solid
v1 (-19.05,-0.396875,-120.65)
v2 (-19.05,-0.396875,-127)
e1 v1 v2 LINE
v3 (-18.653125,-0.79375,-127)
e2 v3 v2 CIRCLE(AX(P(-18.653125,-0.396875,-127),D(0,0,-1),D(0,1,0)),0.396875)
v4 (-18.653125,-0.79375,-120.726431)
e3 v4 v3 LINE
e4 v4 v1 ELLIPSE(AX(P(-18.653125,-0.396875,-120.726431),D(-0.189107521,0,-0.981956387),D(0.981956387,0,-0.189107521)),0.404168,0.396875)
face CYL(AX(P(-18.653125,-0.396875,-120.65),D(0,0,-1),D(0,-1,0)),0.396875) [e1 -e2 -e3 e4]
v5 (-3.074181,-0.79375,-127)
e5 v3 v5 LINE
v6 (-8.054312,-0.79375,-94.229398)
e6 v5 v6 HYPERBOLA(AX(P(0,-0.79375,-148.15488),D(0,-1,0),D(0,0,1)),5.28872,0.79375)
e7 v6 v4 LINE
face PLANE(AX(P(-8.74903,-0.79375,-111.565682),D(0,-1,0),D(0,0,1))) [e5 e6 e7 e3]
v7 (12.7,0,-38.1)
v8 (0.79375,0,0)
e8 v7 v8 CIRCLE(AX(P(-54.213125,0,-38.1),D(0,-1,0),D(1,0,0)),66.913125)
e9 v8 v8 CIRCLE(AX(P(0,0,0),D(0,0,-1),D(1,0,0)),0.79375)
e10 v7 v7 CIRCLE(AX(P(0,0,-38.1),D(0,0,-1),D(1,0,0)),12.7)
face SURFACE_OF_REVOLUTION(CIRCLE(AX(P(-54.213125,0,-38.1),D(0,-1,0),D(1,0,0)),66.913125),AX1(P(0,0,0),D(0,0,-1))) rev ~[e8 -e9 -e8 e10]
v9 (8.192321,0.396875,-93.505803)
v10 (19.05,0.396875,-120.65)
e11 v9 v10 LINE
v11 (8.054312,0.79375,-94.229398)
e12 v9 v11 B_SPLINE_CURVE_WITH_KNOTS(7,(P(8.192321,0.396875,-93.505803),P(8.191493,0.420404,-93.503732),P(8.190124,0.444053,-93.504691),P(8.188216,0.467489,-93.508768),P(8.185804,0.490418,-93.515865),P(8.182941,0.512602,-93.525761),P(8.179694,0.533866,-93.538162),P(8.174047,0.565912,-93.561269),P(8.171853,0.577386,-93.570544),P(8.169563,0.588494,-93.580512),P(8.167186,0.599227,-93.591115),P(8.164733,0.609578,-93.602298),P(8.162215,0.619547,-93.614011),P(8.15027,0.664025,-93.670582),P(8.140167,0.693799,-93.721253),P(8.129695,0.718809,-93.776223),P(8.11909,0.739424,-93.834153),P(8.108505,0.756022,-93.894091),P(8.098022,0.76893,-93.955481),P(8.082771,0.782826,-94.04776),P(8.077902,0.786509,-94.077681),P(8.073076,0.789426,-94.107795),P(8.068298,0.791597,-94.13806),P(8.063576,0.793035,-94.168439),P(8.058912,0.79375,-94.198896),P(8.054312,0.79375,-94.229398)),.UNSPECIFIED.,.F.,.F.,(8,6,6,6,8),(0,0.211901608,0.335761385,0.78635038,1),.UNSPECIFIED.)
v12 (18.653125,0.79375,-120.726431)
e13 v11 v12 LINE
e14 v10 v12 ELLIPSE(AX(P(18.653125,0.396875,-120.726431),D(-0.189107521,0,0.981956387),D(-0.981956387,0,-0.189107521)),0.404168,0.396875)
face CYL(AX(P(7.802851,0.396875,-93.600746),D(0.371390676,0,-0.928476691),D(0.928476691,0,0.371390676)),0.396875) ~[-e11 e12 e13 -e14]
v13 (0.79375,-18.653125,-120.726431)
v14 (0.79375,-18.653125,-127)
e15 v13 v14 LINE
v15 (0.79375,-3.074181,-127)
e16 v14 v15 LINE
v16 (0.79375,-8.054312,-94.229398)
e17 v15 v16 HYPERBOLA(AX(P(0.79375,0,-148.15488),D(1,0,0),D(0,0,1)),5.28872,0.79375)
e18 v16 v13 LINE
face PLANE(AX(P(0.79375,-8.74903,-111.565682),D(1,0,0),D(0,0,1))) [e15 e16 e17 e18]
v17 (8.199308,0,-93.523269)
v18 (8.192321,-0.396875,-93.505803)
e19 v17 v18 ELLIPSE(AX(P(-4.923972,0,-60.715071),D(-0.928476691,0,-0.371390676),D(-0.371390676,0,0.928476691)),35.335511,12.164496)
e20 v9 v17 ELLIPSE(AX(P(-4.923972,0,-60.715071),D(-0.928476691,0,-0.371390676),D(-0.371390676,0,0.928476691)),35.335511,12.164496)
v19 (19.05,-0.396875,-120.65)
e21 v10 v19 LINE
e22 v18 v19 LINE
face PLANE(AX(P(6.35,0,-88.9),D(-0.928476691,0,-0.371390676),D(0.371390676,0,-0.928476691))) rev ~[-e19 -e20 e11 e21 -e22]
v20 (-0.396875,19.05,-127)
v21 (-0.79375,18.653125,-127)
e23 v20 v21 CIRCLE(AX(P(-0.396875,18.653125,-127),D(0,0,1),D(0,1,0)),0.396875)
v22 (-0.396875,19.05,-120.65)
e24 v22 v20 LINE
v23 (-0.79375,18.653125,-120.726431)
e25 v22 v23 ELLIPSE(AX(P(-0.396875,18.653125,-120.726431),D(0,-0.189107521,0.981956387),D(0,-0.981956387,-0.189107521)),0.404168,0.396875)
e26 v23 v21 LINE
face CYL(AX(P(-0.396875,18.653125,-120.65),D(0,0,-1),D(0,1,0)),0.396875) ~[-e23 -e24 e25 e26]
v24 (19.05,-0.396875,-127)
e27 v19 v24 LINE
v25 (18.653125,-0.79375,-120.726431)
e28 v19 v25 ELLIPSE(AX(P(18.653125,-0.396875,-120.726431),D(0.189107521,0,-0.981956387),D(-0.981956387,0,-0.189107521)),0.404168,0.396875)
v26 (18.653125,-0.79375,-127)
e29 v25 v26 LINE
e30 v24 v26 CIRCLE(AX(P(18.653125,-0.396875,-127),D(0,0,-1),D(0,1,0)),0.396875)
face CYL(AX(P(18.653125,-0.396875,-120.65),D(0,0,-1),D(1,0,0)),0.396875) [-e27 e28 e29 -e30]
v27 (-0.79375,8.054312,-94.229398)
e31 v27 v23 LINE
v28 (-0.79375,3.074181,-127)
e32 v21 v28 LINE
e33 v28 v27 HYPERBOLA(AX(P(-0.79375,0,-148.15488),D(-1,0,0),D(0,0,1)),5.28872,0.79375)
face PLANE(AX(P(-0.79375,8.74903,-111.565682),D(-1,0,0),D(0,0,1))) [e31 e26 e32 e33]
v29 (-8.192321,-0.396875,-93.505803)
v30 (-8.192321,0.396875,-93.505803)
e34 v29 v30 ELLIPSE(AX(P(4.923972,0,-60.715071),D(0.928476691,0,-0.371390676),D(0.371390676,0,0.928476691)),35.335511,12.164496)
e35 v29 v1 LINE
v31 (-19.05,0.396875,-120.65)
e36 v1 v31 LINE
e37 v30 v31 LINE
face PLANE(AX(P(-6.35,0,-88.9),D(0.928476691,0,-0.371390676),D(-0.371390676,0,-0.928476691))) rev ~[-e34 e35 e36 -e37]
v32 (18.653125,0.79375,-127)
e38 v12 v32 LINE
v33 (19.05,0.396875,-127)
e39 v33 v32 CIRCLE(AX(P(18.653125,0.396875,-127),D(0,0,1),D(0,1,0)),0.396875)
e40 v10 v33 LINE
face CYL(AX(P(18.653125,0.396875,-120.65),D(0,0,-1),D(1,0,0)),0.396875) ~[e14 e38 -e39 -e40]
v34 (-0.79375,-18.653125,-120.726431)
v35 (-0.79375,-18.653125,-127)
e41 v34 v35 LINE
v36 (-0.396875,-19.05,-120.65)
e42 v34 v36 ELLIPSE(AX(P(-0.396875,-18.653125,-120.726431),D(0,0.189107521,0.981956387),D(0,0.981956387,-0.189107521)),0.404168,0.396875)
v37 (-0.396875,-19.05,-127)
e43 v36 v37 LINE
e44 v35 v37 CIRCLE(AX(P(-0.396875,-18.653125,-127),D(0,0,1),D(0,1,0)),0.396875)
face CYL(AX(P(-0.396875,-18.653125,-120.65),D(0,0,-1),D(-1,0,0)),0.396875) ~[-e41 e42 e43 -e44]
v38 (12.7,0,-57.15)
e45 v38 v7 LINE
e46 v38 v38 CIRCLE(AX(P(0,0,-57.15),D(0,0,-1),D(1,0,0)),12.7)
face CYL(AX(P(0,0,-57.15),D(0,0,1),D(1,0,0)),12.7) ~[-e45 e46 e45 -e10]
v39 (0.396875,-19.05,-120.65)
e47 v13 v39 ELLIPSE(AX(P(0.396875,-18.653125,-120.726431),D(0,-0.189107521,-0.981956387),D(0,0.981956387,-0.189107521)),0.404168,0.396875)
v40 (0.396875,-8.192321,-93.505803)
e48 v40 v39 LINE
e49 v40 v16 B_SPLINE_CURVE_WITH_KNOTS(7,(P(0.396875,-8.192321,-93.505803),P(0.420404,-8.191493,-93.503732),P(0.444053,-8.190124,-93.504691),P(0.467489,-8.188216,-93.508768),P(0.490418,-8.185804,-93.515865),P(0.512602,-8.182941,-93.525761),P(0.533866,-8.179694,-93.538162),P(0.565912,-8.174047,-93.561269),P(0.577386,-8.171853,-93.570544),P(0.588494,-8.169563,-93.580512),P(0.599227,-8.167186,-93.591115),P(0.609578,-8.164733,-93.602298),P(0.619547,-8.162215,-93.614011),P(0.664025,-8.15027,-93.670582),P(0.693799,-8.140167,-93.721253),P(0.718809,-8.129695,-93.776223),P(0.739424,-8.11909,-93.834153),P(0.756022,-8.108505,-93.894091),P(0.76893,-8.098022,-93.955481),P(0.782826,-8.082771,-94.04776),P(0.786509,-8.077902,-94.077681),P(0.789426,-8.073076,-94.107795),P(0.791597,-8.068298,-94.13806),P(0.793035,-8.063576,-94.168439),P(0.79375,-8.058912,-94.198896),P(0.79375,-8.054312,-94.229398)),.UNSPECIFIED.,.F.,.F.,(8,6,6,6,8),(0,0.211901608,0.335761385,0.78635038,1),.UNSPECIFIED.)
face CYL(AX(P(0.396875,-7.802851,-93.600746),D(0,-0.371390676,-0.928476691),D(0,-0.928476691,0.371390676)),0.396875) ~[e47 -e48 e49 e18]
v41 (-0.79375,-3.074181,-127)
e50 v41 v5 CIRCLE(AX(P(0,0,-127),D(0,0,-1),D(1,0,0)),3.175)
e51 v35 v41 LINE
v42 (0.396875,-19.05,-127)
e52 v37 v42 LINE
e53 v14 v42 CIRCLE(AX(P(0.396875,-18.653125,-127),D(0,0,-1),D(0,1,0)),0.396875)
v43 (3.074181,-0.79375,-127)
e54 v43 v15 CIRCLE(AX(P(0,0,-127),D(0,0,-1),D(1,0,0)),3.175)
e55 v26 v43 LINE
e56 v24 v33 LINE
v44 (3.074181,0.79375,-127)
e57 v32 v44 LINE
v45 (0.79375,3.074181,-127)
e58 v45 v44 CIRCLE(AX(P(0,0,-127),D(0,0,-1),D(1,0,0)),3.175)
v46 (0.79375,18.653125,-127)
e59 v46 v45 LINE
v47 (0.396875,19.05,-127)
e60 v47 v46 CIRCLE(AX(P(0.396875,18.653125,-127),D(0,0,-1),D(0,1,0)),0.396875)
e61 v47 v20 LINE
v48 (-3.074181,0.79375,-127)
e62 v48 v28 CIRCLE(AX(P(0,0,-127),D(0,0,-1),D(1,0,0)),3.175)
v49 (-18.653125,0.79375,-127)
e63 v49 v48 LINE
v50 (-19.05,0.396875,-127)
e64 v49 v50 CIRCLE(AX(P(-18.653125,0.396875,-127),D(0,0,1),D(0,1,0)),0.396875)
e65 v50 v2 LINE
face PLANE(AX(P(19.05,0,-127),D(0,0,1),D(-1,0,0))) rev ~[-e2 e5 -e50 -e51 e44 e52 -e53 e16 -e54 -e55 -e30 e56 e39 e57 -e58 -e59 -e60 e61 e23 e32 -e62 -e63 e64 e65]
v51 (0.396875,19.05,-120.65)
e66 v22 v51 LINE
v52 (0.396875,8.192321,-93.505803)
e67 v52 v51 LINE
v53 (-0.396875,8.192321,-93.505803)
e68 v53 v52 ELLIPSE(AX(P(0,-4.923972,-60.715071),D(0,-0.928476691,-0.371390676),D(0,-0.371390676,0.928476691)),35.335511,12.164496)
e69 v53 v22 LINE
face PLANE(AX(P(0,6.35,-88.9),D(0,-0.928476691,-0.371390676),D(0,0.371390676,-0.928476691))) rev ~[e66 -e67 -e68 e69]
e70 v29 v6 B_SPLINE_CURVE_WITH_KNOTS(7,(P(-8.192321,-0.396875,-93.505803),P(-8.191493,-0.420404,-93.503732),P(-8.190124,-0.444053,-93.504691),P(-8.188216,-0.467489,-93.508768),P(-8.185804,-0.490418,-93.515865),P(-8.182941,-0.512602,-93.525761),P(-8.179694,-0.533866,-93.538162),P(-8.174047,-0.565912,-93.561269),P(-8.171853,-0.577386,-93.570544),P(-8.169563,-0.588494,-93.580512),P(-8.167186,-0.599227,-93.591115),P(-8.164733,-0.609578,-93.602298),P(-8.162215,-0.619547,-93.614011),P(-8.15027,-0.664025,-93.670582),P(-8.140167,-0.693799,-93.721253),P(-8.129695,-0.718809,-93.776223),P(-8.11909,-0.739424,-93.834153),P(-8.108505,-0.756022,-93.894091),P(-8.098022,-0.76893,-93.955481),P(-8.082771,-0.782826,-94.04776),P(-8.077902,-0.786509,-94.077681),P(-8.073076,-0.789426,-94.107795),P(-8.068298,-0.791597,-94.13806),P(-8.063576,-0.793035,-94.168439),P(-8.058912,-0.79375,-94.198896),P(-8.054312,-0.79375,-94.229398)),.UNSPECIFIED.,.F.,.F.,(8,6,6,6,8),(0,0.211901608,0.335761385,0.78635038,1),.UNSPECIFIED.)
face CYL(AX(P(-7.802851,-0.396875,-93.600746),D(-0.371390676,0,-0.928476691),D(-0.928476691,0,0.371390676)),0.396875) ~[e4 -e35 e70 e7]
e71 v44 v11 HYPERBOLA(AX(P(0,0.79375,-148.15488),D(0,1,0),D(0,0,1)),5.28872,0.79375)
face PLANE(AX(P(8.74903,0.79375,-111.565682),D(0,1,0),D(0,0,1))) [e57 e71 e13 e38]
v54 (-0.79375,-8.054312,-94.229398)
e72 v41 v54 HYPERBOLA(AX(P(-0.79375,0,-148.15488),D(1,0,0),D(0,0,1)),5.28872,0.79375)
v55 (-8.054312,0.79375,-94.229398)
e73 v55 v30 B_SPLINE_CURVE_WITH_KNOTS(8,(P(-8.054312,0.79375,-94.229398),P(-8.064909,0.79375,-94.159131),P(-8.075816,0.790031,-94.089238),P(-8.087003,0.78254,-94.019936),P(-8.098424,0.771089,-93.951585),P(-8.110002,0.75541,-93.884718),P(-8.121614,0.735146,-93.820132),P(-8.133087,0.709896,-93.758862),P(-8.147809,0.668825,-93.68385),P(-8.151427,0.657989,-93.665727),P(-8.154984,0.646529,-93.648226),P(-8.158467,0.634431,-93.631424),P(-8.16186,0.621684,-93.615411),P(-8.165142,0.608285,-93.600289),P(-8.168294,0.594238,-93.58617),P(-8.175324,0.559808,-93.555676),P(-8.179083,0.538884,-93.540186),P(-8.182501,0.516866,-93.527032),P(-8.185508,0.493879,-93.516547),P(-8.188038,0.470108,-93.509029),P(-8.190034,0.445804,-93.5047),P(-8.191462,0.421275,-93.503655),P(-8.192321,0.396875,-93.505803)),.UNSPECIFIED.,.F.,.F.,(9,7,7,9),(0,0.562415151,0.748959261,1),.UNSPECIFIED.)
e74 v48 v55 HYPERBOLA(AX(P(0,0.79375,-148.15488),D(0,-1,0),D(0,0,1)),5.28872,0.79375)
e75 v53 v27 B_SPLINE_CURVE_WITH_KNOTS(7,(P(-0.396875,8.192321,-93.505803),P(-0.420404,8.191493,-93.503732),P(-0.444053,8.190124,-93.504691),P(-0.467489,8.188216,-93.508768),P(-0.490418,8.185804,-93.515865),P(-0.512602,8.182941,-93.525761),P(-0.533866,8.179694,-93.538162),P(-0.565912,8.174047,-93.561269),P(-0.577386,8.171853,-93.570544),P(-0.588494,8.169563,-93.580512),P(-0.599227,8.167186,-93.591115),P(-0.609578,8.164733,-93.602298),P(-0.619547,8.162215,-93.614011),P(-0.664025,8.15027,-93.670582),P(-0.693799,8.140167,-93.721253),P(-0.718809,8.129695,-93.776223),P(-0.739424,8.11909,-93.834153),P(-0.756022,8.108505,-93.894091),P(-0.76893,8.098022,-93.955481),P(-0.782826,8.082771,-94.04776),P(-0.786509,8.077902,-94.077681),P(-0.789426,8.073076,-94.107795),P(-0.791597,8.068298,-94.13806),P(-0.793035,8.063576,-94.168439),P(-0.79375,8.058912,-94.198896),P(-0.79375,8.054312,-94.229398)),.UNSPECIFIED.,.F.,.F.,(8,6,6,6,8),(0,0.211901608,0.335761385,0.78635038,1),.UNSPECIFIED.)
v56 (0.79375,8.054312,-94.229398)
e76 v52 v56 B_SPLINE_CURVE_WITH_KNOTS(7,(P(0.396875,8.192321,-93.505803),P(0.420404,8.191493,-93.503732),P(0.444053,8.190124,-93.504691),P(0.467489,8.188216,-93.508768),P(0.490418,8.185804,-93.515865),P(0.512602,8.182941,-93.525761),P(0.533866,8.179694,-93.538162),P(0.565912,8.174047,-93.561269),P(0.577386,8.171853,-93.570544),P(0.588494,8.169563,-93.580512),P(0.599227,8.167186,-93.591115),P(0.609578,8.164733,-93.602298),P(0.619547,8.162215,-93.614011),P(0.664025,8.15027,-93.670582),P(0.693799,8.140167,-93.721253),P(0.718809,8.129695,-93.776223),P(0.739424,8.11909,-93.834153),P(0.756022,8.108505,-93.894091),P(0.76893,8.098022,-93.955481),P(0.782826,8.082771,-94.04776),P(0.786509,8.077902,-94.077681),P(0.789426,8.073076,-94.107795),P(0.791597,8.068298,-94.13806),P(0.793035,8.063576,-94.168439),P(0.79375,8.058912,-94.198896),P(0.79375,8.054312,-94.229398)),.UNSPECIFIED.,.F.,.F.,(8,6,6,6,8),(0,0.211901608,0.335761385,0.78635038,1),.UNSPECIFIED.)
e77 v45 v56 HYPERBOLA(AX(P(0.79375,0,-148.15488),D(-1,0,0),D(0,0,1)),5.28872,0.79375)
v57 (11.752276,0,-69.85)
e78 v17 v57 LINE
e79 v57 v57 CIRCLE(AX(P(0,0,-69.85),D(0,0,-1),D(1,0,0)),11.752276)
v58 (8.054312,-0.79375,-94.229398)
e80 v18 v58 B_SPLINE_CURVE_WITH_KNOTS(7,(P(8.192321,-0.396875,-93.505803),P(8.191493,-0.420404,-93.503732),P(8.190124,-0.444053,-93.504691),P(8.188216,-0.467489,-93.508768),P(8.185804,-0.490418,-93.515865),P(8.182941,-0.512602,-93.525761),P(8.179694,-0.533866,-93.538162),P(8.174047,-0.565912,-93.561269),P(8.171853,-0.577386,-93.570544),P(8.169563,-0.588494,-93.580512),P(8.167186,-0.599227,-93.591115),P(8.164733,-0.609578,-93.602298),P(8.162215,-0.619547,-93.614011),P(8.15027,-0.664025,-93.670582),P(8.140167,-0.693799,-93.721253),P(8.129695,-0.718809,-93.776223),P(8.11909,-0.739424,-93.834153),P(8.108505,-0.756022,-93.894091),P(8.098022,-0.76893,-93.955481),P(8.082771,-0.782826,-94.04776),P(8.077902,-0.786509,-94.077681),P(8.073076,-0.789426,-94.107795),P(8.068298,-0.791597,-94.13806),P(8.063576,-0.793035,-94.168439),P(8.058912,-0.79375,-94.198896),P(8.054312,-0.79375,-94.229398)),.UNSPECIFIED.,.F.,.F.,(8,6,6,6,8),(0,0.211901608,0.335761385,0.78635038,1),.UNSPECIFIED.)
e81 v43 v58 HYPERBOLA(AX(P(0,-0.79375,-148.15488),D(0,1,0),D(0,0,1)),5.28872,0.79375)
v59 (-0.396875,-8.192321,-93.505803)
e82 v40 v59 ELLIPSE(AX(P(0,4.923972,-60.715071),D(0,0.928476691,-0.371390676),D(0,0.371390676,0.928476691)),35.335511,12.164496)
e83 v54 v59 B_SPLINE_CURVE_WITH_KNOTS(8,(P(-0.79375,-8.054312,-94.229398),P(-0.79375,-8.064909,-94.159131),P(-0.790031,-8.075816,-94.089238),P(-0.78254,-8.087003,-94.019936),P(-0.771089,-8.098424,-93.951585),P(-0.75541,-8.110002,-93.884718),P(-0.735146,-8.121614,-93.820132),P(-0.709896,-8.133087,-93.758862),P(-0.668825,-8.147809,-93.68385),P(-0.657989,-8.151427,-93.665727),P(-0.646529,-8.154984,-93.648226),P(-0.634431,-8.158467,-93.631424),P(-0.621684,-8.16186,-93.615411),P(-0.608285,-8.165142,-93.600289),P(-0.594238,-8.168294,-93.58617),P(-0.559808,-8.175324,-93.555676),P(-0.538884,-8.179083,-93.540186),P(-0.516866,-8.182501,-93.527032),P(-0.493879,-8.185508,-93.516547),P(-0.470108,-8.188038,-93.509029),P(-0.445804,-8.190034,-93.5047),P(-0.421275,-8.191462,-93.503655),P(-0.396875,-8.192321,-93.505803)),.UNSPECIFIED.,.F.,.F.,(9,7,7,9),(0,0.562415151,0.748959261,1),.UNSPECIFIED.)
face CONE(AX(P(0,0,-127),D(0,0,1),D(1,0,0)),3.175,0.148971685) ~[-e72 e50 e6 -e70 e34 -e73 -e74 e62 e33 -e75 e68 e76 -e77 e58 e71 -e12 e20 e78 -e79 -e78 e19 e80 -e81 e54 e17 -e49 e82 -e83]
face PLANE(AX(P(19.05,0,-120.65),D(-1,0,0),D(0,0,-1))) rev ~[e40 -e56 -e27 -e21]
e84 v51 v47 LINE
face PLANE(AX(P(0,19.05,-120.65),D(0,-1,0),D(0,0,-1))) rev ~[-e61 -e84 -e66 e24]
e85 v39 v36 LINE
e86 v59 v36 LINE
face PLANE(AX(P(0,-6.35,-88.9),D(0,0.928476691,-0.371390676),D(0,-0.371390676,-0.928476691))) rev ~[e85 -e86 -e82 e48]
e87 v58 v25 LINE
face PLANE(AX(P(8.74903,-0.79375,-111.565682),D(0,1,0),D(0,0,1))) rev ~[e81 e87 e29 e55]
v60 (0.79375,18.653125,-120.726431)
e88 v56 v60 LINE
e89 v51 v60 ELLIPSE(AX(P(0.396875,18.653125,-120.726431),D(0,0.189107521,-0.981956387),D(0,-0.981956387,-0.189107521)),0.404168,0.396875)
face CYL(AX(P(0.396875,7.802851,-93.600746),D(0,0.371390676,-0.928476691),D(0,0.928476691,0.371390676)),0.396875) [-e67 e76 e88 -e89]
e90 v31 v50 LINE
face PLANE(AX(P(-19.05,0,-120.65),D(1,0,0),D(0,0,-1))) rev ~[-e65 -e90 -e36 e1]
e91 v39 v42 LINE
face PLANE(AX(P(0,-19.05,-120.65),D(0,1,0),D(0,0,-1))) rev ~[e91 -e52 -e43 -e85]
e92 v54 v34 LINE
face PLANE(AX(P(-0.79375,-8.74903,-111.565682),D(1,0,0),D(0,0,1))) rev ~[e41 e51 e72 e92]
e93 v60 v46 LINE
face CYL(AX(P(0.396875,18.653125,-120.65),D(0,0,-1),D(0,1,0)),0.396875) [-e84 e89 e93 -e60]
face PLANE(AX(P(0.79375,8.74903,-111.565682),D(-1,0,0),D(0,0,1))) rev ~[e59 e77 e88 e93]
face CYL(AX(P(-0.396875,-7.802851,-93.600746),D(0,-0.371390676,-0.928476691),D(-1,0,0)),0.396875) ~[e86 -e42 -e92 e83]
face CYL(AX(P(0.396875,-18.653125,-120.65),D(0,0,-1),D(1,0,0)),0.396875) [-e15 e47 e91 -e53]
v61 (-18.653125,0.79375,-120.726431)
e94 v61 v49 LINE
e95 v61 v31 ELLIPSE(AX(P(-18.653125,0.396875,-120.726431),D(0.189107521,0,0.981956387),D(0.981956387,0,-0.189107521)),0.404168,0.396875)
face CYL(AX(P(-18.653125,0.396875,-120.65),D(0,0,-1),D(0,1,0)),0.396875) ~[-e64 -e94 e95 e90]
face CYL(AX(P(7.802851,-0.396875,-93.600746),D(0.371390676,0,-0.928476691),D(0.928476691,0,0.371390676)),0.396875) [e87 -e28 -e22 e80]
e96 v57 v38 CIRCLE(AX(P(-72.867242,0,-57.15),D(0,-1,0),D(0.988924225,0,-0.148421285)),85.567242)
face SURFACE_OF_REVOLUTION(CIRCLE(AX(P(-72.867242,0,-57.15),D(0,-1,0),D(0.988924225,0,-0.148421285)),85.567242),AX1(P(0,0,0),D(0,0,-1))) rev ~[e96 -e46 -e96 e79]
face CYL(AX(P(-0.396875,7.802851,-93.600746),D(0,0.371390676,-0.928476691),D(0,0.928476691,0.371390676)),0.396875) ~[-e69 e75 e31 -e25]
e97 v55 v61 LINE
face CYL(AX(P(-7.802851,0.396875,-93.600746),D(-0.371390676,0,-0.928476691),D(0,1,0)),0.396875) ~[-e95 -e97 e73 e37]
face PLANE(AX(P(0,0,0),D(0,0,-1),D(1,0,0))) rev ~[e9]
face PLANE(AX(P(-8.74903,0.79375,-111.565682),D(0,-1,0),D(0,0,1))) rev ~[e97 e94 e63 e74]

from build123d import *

# Parameters (mm, degrees)
BOSS_EXTRUDE2_DEPTH      = 0.79375
FILLET2_R                = 0.396875
CIRPATTERN5_COUNT        = 4
FILLET2_OF_CIRPATTERN5_R = 0.396875


with BuildPart() as part:
    # Sketch3 → Revolve2 (revolve)
    with BuildSketch(Plane(origin=(0, 0, 0), x_dir=(0, 0, -1), z_dir=(1, 0, 0)), mode=Mode.PRIVATE) as revolve2_sk:
        with BuildLine():
            Line((0, 0.79375), (0, 0))
            Line((0, 0), (127, 0))
            Line((127, 0), (127, 3.175))
            Line((127, 3.175), (69.85, 11.752276451))
            ThreePointArc((69.85, 11.752276451), (63.517656161, 12.462740177), (57.15, 12.7))
            Line((57.15, 12.7), (38.1, 12.7))
            ThreePointArc((38.1, 12.7), (18.1414881, 9.65411308), (0, 0.79375))
        make_face()
    revolve(revolve2_sk.sketch.rotate(Axis((0, 0, 0), (0, 0, -1)), 90), axis=Axis((0, 0, 0), (0, 0, -1)))

    # Sketch5 → Boss-Extrude2 (add, symmetric)
    with BuildSketch(Plane(origin=(0, 0, 0), x_dir=(0, 0, -1), z_dir=(1, 0, 0))):
        Polygon((120.65, 19.05), (127, 19.05), (127, 0), (88.9, 6.35), align=None)
    boss_extrude2 = extrude(amount=BOSS_EXTRUDE2_DEPTH, both=True)

    # Fillet2
    fillet2_edges = [part.edges().sort_by_distance(p)[0] for p in [
        (-0.79375, 19.05, -123.825),
        (0.79375, 19.05, -123.825),
        (-0.79375, 13.61067, -107.051675),
        (0.79375, 13.61067, -107.051675),
    ]]
    fillet(fillet2_edges, radius=FILLET2_R)

    # CirPattern5: Boss-Extrude2 ×4 about axis
    cirpattern5_axis = Axis((0, 0, 0), (0, 0, 1))
    for i in range(1, CIRPATTERN5_COUNT):
        add(boss_extrude2.rotate(cirpattern5_axis, i * 360 / CIRPATTERN5_COUNT))

    # Fillet2 of CirPattern5
    fillet2_of_cirpattern5_edges = [part.edges().sort_by_distance(p)[0] for p in [
        (-19.05, -0.79375, -123.825),
        (-19.05, 0.79375, -123.825),
        (-13.61067, -0.79375, -107.051675),
        (-13.61067, 0.79375, -107.051675),
        (0.79375, -19.05, -123.825),
        (-0.79375, -19.05, -123.825),
        (0.79375, -13.61067, -107.051675),
        (-0.79375, -13.61067, -107.051675),
        (19.05, 0.79375, -123.825),
        (19.05, -0.79375, -123.825),
        (13.61067, 0.79375, -107.051675),
        (13.61067, -0.79375, -107.051675),
    ]]
    fillet(fillet2_of_cirpattern5_edges, radius=FILLET2_OF_CIRPATTERN5_R)


solid = part.part
